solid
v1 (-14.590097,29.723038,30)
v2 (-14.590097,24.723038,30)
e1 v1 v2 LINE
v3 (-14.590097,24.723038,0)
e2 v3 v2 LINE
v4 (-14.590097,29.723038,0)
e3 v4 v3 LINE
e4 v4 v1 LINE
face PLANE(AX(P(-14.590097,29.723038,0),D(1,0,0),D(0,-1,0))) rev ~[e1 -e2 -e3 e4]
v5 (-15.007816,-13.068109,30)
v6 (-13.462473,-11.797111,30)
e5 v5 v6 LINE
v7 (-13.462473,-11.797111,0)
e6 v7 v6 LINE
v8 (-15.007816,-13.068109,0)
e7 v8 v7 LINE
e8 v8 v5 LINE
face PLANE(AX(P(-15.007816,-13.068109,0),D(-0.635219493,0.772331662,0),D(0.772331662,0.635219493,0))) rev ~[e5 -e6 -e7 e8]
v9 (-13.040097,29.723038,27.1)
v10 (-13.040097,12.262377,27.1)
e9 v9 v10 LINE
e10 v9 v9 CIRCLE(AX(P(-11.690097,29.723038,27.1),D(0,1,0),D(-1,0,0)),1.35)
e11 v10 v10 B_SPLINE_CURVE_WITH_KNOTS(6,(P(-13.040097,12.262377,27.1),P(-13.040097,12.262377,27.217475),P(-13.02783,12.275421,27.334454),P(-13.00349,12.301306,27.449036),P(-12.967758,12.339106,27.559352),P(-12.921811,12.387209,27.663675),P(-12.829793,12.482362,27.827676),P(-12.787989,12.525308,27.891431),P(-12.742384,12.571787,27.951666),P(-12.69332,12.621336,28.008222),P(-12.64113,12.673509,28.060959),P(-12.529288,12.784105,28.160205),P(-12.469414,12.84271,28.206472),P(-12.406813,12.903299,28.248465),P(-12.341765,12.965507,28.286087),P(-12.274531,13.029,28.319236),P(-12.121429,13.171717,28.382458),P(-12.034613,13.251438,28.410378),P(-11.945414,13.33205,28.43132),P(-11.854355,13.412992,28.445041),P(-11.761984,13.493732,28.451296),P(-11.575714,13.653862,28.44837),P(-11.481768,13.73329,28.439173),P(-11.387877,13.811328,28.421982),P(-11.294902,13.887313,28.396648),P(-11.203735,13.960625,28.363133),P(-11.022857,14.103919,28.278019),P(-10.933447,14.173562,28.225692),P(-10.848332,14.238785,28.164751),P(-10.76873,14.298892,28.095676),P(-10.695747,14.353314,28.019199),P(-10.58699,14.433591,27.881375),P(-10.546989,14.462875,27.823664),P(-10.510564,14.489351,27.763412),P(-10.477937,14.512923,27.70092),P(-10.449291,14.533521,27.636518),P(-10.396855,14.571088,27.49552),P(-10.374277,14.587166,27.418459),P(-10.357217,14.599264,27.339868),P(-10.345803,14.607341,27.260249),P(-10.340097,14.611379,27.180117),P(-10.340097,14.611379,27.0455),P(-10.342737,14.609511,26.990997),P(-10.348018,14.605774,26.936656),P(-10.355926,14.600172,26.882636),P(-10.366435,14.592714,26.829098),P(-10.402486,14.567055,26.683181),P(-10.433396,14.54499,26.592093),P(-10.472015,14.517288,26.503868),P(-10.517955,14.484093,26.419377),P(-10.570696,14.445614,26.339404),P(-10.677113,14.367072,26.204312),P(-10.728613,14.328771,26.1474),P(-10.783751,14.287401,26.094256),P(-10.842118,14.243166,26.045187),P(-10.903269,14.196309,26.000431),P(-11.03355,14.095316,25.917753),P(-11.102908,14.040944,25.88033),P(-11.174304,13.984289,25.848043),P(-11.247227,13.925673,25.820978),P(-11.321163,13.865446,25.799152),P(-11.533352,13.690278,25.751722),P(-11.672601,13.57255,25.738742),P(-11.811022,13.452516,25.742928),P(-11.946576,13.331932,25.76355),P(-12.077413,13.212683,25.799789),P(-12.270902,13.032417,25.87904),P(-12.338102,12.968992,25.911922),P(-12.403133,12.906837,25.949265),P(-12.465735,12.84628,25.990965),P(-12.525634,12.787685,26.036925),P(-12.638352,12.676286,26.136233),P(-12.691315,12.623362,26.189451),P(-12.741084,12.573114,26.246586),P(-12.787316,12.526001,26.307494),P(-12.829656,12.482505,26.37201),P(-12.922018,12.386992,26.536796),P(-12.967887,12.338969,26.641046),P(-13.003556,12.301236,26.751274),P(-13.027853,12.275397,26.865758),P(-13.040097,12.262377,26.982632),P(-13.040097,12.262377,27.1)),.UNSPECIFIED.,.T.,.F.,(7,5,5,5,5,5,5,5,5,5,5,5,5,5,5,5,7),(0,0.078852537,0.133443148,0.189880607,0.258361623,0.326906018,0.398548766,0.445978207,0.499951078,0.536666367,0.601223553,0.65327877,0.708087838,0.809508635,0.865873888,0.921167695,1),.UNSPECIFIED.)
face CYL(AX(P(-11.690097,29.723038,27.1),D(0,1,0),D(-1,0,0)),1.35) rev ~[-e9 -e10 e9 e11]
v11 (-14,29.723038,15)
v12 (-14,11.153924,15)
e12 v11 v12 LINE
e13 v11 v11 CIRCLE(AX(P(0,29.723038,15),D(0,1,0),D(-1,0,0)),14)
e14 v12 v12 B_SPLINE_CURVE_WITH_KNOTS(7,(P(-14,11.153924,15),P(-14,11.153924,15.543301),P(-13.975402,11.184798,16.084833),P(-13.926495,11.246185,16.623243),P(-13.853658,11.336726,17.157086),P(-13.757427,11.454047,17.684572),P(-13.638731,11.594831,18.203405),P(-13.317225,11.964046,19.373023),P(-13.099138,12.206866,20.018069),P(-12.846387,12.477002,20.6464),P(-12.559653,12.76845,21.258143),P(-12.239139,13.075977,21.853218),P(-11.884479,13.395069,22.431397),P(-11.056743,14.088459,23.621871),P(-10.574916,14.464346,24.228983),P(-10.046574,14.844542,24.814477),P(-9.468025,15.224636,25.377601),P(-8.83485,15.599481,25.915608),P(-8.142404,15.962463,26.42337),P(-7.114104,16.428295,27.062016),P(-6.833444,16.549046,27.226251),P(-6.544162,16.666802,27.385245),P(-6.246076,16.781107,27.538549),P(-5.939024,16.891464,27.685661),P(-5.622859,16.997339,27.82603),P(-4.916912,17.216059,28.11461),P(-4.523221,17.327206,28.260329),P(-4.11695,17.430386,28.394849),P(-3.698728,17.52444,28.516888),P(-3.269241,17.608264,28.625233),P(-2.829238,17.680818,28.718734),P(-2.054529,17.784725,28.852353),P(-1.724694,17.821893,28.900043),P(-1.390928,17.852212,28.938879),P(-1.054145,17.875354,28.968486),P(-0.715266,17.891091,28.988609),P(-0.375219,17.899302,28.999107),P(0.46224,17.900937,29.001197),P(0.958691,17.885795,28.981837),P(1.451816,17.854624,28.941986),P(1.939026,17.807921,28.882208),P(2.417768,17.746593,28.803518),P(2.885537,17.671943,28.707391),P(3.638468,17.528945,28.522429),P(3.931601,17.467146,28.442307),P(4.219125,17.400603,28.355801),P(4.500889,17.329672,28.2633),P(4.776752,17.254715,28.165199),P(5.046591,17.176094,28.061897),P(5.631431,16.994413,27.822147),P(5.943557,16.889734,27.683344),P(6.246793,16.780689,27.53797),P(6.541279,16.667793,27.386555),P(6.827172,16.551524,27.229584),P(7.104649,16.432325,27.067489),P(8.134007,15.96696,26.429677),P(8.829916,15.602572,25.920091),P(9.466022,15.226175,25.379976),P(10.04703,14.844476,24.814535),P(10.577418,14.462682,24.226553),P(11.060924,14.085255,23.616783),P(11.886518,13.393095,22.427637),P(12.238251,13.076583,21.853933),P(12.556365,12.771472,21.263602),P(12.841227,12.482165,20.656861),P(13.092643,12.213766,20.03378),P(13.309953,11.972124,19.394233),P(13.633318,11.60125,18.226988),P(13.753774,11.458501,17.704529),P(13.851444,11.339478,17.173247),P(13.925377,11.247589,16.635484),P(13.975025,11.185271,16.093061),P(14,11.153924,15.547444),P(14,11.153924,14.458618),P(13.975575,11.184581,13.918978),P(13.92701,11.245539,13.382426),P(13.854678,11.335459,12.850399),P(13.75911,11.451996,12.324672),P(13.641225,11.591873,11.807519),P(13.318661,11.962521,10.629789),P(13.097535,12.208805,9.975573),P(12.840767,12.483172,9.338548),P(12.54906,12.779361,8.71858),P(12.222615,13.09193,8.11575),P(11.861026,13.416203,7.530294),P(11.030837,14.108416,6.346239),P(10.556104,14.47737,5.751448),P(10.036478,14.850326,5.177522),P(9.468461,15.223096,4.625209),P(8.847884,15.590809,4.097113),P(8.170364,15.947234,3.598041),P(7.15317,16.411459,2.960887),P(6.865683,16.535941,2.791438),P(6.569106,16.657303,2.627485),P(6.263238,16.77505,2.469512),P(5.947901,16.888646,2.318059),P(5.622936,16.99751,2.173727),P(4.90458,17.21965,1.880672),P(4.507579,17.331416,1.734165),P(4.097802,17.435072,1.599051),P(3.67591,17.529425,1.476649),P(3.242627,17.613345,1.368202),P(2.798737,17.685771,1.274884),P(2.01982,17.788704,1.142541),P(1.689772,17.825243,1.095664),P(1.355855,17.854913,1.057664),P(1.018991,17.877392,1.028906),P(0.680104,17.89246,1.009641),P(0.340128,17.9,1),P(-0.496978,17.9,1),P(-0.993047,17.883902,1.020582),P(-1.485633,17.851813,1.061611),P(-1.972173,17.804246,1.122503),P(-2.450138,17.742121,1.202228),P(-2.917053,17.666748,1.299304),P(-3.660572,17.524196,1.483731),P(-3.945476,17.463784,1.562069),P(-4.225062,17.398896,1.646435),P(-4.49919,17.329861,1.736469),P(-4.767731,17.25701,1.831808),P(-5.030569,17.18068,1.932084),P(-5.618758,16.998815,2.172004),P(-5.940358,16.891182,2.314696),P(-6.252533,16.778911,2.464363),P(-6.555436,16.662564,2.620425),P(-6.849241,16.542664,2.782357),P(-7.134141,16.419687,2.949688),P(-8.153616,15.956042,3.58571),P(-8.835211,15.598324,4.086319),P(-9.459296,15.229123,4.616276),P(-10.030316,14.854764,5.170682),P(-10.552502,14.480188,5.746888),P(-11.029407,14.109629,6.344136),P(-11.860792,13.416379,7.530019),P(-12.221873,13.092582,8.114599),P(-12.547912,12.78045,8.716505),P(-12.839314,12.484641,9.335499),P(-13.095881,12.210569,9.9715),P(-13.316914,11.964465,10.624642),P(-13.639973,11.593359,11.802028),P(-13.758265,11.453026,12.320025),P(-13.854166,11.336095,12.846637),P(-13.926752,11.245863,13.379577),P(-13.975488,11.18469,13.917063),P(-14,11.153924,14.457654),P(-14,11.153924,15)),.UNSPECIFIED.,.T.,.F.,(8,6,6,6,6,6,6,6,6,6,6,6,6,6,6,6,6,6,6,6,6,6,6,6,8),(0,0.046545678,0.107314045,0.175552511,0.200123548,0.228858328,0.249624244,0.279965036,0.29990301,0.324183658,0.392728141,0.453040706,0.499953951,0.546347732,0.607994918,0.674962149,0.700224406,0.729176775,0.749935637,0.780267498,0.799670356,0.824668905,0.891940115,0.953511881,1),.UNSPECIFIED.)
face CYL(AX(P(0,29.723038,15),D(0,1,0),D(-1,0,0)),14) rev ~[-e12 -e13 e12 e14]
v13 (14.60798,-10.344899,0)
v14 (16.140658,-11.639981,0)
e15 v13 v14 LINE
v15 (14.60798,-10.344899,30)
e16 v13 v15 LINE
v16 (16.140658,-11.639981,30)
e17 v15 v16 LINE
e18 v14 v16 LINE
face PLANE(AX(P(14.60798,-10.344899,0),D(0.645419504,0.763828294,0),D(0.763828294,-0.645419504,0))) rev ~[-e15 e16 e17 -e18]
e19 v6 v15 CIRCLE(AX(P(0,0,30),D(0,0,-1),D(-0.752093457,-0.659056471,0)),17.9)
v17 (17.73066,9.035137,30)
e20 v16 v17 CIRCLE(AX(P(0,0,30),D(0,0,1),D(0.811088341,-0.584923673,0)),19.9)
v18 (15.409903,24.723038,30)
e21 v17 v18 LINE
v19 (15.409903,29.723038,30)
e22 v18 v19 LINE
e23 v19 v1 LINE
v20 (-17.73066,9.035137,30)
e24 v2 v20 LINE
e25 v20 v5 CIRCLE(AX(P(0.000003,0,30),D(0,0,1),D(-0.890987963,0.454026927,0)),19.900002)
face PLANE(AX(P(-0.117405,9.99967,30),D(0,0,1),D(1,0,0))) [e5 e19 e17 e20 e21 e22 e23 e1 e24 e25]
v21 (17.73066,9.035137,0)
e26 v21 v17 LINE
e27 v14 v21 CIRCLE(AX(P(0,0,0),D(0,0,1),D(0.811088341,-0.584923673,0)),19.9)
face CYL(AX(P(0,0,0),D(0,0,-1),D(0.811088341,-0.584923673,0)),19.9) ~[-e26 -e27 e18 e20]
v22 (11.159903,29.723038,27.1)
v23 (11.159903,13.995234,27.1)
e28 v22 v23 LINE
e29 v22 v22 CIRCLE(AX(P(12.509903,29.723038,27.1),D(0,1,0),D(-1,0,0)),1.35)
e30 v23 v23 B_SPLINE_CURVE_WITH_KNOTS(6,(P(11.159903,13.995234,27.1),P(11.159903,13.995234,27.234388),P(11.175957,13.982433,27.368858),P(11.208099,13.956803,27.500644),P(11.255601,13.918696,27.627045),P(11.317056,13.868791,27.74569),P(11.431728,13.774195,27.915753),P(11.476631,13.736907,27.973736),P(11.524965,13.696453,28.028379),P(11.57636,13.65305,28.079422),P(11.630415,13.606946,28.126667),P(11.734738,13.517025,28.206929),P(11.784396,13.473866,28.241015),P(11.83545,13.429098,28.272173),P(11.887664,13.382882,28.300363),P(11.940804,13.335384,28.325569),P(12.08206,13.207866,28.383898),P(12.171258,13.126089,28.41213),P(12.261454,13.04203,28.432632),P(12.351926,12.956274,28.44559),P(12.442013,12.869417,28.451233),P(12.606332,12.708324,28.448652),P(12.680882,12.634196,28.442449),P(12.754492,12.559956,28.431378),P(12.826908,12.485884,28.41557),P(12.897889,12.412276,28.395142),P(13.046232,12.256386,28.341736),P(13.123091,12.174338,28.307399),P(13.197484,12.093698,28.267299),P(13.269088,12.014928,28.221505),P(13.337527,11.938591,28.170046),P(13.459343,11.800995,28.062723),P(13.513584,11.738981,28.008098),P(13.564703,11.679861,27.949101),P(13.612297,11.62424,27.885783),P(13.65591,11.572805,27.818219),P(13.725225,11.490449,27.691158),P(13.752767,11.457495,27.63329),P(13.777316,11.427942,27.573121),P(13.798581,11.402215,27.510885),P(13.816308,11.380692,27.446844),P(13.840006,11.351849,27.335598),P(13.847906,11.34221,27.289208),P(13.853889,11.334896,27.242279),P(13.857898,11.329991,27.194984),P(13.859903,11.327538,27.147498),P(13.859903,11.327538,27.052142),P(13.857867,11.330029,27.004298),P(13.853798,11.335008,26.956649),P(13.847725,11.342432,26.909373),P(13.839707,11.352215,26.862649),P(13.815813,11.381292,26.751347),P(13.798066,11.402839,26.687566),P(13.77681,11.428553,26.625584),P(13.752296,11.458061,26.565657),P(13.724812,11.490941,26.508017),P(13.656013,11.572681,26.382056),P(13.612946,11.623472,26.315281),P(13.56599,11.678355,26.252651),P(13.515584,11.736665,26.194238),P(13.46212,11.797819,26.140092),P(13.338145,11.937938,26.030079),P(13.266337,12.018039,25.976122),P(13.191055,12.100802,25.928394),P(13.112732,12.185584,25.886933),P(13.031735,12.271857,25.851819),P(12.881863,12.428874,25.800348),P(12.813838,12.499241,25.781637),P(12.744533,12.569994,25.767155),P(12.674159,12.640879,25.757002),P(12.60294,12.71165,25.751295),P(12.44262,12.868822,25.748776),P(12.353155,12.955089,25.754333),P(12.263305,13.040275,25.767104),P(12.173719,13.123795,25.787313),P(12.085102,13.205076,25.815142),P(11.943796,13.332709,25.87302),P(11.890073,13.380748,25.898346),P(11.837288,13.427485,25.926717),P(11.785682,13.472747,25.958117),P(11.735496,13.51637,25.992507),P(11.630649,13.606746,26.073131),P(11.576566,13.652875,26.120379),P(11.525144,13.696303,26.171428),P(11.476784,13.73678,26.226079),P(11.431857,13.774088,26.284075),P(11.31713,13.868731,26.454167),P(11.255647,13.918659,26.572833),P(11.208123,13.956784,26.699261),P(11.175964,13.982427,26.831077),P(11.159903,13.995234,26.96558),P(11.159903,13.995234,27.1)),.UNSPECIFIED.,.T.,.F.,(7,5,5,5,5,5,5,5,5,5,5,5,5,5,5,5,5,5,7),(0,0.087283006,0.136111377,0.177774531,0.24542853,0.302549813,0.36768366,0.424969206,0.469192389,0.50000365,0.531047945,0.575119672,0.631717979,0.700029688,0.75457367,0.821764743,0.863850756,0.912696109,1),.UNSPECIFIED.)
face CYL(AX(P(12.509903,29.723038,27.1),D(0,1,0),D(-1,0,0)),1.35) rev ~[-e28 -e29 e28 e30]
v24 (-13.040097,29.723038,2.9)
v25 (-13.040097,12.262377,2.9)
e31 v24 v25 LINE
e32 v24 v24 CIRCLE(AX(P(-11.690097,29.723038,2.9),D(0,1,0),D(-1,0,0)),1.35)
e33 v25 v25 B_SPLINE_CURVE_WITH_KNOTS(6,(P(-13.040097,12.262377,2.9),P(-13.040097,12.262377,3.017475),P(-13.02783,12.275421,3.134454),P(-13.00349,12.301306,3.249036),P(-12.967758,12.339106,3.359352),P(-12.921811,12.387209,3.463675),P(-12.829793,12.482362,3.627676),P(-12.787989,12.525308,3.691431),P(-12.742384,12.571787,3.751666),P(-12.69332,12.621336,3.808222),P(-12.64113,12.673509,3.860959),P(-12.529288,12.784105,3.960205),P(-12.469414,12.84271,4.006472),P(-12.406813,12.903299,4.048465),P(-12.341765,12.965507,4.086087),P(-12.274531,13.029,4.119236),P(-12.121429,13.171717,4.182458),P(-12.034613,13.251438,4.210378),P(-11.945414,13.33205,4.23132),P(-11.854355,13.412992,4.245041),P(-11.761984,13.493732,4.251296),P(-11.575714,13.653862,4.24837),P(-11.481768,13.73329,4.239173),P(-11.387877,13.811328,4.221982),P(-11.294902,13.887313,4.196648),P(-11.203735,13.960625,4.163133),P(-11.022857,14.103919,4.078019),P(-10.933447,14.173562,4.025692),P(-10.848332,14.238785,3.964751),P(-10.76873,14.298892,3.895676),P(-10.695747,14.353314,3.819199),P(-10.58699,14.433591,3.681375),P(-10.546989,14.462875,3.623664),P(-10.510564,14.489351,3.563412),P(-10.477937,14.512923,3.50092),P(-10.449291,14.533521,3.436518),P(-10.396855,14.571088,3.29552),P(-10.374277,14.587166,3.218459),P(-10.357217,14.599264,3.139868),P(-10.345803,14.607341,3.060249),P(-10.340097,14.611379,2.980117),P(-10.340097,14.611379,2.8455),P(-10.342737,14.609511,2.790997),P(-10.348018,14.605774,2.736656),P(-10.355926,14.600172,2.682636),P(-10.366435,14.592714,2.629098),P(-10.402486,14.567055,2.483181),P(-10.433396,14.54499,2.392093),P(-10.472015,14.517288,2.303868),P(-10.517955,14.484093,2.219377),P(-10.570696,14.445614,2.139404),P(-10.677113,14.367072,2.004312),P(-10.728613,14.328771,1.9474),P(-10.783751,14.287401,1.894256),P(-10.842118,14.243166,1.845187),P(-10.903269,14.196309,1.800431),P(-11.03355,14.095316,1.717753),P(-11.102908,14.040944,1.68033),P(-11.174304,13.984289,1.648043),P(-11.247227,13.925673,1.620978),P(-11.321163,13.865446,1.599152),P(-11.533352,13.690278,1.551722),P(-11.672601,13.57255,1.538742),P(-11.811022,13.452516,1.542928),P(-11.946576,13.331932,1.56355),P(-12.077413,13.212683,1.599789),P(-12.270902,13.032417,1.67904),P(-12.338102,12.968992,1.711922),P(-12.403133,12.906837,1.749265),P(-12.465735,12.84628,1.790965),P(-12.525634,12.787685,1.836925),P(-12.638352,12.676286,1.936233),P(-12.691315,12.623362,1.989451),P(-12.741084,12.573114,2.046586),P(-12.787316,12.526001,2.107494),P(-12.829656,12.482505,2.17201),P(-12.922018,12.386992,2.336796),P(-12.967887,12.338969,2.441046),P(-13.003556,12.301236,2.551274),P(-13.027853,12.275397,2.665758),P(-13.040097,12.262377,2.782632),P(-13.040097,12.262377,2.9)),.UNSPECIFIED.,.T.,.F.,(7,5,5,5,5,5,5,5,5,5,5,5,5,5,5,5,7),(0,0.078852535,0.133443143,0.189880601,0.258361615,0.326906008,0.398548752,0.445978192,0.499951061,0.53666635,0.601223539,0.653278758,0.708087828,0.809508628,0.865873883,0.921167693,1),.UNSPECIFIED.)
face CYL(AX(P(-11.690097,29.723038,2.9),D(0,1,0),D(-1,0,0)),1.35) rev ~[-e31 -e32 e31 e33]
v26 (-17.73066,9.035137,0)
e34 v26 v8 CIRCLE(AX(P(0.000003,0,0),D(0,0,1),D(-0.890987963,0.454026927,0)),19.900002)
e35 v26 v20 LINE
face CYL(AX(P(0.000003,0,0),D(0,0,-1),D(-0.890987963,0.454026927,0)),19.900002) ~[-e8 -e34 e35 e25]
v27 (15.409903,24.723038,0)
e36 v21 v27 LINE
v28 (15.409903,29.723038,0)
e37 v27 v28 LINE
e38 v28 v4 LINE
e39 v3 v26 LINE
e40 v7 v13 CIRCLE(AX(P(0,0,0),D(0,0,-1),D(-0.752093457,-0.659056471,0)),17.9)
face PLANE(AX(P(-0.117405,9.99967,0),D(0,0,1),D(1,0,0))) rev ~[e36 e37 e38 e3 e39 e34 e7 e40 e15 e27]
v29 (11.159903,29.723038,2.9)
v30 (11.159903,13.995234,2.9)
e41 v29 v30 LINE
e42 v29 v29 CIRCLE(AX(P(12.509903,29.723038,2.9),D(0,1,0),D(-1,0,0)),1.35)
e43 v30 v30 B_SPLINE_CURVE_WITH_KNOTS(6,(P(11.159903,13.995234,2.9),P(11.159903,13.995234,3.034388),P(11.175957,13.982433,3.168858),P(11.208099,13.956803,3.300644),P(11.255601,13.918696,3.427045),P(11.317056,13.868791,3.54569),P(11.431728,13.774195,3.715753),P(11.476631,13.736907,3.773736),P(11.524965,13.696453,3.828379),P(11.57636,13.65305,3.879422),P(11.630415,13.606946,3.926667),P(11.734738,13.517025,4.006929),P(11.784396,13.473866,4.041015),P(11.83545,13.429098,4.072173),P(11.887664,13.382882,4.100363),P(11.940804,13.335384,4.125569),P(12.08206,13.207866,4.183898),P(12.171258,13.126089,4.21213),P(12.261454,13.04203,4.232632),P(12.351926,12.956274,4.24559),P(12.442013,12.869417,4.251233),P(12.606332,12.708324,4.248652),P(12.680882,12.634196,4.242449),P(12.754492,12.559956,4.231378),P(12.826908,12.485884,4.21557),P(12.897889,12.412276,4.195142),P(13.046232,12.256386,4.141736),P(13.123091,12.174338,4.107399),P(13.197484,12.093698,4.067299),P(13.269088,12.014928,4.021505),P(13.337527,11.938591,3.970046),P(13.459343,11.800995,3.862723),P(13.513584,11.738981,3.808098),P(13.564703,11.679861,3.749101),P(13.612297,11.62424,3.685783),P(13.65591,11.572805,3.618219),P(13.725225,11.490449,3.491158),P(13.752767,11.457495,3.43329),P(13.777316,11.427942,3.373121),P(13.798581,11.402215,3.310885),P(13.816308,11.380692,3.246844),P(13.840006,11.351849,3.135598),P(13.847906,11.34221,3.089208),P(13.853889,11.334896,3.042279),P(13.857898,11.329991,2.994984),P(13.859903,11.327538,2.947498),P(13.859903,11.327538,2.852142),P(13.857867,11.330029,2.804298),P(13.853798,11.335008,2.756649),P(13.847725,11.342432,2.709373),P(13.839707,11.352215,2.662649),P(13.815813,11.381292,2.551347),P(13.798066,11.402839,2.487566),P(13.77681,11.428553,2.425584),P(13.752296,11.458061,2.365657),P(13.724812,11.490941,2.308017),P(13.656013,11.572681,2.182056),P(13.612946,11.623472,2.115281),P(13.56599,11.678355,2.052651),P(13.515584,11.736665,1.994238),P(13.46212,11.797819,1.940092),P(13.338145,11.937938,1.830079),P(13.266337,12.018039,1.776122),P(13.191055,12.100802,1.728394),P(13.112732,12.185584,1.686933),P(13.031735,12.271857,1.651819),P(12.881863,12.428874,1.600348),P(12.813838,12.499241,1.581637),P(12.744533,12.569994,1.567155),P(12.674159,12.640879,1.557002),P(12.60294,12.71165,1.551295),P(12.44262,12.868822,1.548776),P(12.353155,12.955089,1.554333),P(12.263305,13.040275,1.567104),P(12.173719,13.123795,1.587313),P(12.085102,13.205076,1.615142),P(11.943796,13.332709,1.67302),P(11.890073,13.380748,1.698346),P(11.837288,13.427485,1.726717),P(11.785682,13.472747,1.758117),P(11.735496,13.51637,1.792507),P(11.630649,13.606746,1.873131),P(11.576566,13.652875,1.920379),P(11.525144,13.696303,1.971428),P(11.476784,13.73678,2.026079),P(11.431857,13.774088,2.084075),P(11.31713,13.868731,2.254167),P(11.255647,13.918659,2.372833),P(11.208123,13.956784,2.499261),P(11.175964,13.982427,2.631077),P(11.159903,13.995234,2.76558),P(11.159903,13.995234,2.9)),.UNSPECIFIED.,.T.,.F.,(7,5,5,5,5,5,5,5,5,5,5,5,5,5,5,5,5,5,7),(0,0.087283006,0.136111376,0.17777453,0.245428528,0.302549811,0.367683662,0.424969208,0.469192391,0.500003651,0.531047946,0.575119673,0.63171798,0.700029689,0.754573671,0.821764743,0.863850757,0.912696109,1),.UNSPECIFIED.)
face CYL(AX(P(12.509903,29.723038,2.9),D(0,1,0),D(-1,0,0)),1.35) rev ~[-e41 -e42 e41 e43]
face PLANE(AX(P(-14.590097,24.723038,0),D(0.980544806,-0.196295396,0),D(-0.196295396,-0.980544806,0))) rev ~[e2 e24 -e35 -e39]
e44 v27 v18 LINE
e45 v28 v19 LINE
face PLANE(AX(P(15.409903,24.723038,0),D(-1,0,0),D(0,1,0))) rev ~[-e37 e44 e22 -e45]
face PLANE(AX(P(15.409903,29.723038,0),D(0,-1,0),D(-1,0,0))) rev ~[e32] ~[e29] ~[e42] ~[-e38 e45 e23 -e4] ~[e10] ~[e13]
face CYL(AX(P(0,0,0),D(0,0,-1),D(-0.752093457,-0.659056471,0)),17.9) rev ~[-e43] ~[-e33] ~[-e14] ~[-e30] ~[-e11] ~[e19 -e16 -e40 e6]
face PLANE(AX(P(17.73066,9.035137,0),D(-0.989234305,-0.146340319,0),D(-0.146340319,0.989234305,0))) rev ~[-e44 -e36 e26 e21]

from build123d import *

# Parameters (mm, degrees)
F1_DEPTH = 30
F2_R     = 1.35
F2_R_2   = 14
F3_DEPTH = 25


with BuildPart() as f1:
    # F0 (on Top) → F1 (new body)
    with BuildSketch(Plane.XY):
        with BuildLine():
            ThreePointArc((-13.462473, -11.797111), (-0.924812, 17.876094), (14.60798, -10.344899))
            Line((14.60798, -10.344899), (16.140658, -11.639981))
            ThreePointArc((16.140658, -11.639981), (19.841413, -1.525887), (17.73066, 9.035137))
            Line((17.73066, 9.035137), (15.409903, 24.723038))
            Line((15.409903, 24.723038), (15.409903, 29.723038))
            Line((15.409903, 29.723038), (-14.590097, 29.723038))
            Line((-14.590097, 29.723038), (-14.590097, 24.723038))
            Line((-14.590097, 24.723038), (-17.73066, 9.035137))
            ThreePointArc((-17.73066, 9.035137), (-19.750704, -2.43304), (-15.007816, -13.068109))
            Line((-15.007816, -13.068109), (-13.462473, -11.797111))
        make_face()
    extrude(amount=F1_DEPTH)

    # F2 (on face) → F3 (cut)
    with BuildSketch(Plane(origin=(0, 29.723038, 0), x_dir=(-1, 0, 0), z_dir=(0, 1, 0))):
        with Locations((-12.509903, 27.1)):
            Circle(F2_R)
        with Locations((-12.509903, 2.9)):
            Circle(F2_R)
        with Locations((11.690097, 2.9)):
            Circle(F2_R)
        with Locations((11.690097, 27.1)):
            Circle(F2_R)
        with Locations((0, 15)):
            Circle(F2_R_2)
    extrude(amount=-F3_DEPTH, mode=Mode.SUBTRACT)


solid = f1.part
